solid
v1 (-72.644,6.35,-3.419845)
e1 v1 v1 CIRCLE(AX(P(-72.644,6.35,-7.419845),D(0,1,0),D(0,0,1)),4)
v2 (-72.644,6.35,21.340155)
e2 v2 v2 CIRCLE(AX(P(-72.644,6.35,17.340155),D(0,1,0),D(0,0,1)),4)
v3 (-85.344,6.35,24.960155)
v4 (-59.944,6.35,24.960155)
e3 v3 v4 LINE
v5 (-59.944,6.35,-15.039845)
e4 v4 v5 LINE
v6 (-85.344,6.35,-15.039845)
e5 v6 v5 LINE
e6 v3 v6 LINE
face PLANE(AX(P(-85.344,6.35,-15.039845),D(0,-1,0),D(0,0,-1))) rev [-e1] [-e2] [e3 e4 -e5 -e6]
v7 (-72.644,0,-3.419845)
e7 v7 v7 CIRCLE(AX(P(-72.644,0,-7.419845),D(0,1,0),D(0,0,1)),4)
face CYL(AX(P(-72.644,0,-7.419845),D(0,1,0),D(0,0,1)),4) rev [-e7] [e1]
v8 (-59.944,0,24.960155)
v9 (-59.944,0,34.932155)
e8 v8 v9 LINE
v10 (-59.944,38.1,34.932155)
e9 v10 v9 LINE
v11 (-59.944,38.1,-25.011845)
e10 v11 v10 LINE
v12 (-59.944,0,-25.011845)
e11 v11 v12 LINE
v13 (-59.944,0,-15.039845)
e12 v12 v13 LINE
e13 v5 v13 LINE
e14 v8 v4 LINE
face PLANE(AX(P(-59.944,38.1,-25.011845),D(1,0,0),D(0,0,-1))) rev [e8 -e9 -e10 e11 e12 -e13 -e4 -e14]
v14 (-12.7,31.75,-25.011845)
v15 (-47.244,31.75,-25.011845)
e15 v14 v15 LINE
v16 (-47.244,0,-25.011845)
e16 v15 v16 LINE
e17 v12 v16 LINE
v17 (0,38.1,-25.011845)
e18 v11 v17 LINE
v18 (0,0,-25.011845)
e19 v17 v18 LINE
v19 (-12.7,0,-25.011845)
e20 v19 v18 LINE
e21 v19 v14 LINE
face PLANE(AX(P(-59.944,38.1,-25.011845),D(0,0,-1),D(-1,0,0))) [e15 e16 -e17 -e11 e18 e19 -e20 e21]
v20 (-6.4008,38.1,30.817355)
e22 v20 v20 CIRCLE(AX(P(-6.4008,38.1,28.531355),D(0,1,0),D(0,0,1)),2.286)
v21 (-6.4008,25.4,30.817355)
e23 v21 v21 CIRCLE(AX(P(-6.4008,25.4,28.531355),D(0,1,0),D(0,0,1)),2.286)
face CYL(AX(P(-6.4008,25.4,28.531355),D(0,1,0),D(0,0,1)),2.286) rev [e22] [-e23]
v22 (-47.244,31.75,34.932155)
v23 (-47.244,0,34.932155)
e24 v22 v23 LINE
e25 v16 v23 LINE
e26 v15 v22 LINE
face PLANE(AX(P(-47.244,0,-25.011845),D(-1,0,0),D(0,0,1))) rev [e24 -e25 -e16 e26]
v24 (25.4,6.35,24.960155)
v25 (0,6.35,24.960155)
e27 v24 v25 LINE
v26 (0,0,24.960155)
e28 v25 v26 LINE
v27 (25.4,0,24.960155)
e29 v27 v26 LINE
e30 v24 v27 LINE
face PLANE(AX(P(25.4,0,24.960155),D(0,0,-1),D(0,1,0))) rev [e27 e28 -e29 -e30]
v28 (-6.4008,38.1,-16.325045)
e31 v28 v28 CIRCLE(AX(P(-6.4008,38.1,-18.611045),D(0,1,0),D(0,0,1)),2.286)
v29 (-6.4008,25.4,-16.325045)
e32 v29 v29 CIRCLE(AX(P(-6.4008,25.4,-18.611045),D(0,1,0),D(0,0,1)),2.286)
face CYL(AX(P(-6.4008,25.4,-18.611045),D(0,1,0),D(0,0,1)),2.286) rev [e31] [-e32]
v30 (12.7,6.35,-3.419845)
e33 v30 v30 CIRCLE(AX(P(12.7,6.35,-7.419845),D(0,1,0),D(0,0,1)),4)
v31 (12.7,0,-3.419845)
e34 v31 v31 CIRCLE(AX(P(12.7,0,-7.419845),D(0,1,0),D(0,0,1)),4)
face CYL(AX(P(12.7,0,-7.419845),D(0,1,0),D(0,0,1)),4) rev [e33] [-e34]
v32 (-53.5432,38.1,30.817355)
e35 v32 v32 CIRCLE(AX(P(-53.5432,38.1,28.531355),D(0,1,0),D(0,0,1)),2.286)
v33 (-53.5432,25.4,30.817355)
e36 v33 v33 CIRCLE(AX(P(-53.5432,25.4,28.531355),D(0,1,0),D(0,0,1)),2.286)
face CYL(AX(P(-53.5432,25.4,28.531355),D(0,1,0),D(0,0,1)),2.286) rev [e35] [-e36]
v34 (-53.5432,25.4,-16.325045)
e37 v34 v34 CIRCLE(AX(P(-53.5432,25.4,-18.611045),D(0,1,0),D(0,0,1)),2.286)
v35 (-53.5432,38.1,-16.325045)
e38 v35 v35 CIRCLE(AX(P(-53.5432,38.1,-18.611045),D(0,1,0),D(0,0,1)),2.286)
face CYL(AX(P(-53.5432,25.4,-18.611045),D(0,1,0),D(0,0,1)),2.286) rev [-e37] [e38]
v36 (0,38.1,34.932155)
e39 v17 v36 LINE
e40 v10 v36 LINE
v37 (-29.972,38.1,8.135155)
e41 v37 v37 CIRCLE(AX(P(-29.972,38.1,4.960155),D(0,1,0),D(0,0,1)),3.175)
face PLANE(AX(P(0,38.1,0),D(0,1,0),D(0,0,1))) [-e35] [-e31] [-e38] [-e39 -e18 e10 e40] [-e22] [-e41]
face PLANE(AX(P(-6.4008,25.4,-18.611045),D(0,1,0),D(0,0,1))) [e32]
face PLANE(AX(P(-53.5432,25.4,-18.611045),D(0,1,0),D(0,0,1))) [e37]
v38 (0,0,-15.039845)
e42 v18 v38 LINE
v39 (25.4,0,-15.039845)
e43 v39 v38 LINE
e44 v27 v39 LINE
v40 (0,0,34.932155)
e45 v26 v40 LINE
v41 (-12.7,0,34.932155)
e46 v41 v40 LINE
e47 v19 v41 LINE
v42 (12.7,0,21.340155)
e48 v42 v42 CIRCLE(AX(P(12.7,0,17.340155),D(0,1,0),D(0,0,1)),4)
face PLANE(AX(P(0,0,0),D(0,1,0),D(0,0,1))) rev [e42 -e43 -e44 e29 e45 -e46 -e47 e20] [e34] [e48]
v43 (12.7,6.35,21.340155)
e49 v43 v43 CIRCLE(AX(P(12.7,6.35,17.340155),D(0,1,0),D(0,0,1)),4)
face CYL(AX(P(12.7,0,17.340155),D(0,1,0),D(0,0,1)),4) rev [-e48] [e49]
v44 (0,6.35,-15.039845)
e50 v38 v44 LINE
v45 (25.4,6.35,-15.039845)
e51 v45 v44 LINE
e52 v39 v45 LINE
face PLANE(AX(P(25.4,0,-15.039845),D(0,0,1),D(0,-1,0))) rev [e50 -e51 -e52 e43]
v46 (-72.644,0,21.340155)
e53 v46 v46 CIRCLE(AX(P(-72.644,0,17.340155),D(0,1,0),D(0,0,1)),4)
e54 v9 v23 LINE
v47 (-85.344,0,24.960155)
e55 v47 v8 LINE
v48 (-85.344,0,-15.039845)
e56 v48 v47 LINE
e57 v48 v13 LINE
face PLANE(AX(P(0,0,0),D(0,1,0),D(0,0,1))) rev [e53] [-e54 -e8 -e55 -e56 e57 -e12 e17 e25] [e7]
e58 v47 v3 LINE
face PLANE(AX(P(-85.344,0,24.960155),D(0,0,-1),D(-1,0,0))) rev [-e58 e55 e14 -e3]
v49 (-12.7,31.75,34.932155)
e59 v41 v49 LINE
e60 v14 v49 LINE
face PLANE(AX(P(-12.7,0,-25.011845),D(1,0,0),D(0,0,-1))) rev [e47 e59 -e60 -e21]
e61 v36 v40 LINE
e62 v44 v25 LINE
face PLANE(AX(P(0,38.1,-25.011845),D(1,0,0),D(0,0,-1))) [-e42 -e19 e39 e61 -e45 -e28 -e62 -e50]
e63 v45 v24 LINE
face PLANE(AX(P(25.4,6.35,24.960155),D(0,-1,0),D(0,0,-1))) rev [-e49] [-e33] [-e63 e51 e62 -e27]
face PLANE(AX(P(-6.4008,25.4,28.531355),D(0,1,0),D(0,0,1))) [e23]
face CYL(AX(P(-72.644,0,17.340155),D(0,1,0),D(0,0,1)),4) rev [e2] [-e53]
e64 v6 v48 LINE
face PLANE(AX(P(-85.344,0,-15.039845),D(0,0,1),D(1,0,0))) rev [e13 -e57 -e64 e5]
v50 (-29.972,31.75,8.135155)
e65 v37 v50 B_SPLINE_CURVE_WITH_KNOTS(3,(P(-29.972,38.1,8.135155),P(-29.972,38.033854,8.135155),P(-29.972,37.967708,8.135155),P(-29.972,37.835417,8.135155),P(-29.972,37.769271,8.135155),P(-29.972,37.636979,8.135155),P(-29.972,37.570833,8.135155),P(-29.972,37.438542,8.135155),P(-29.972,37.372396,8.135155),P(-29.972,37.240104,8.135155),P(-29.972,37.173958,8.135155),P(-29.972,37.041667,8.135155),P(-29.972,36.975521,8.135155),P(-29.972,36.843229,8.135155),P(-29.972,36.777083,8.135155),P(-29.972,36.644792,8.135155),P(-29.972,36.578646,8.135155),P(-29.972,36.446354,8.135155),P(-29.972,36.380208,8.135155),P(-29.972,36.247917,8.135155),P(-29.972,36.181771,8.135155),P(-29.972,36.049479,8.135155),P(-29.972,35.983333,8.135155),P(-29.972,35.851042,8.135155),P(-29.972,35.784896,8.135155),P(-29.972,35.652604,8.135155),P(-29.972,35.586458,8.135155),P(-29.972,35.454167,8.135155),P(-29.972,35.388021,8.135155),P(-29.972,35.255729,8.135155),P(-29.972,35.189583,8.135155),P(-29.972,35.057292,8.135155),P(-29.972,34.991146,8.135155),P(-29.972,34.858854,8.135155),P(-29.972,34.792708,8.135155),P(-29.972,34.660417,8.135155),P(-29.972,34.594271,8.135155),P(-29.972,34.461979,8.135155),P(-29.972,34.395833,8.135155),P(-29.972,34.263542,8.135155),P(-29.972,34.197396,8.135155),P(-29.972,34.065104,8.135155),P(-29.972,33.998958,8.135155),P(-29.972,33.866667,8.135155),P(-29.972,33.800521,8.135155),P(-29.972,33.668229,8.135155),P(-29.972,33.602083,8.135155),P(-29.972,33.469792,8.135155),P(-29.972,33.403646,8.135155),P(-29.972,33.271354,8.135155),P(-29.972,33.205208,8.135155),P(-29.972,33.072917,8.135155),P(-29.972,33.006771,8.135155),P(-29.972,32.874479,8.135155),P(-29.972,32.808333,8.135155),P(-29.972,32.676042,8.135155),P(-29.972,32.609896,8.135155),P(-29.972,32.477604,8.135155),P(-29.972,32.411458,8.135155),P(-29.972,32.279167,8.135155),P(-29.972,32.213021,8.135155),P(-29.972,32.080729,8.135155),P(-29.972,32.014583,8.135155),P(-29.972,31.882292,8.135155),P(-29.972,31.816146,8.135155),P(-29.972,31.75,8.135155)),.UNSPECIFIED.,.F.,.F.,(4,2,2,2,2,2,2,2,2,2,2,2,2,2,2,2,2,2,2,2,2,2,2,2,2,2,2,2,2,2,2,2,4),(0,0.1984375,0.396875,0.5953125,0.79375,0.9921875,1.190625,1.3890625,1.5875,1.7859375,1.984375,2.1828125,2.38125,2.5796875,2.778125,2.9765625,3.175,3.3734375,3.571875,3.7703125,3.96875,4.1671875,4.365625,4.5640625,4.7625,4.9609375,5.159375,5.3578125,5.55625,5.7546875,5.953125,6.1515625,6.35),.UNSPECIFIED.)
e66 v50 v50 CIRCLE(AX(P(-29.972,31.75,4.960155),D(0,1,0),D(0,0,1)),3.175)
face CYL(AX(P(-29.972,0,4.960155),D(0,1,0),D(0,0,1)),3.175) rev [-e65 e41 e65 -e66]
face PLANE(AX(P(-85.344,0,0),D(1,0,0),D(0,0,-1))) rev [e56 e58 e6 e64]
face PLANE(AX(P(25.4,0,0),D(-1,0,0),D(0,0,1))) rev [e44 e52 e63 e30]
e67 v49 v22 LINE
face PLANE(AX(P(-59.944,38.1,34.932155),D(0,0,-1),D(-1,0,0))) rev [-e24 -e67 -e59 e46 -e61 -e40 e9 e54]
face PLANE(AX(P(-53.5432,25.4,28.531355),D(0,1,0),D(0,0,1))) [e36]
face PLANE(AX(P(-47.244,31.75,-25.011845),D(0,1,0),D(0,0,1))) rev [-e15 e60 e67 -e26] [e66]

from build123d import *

# Parameters (mm, degrees)
SKETCH1_W           = 59.944
SKETCH1_H           = 59.944
BOSS_EXTRUDE1_DEPTH = 38.1
SKETCH2_W           = 34.544
SKETCH2_H           = 31.75
CUT_EXTRUDE1_DEPTH  = 93.941789697
SKETCH3_R           = 3.175
CUT_EXTRUDE2_DEPTH  = 80.152691578
SKETCH4_W           = 40
SKETCH4_H           = 6.35
BOSS_EXTRUDE2_DEPTH = 25.4
SKETCH5_W           = 40
SKETCH5_H           = 6.35
BOSS_EXTRUDE3_DEPTH = 25.4
SKETCH6_R           = 4
CUT_EXTRUDE3_DEPTH  = 98.529053538
SKETCH7_R           = 2.286
CUT_EXTRUDE4_DEPTH  = 12.7


with BuildPart() as part:
    # Sketch1 → Boss-Extrude1 (new body)
    with BuildSketch(Plane(origin=(0, 0, 0), x_dir=(1, 0, 0), z_dir=(0, 1, 0))):
        with Locations((-29.972, -4.96015493)):
            Rectangle(SKETCH1_W, SKETCH1_H)
    extrude(amount=BOSS_EXTRUDE1_DEPTH)

    # Sketch2 → Cut-Extrude1 (cut, through all)
    with BuildSketch(Plane.XY.offset(34.93215493)):
        with Locations((-29.972, 15.875)):
            Rectangle(SKETCH2_W, SKETCH2_H)
    extrude(amount=-CUT_EXTRUDE1_DEPTH, mode=Mode.SUBTRACT)

    # Sketch3 → Cut-Extrude2 (cut, through all)
    with BuildSketch(Plane(origin=(0, 38.1, 0), x_dir=(1, 0, 0), z_dir=(0, 1, 0))):
        with Locations(Location((-29.972, -4.96015493, 0), (0, 0, 270))):
            Circle(SKETCH3_R)
    extrude(amount=-CUT_EXTRUDE2_DEPTH, mode=Mode.SUBTRACT)

    # Sketch4 → Boss-Extrude2 (add)
    with BuildSketch(Plane(origin=(0, 0, 0), x_dir=(0, 0, -1), z_dir=(1, 0, 0))):
        with Locations((-4.960154808, 3.175)):
            Rectangle(SKETCH4_W, SKETCH4_H)
    extrude(amount=BOSS_EXTRUDE2_DEPTH)

    # Sketch5 → Boss-Extrude3 (add)
    with BuildSketch(Plane.ZY.offset(59.944)):
        with Locations((4.960154808, 3.175)):
            Rectangle(SKETCH5_W, SKETCH5_H)
    extrude(amount=BOSS_EXTRUDE3_DEPTH)

    # Sketch6 → Cut-Extrude3 (cut, through all)
    with BuildSketch(Plane(origin=(0, 6.35, 0), x_dir=(1, 0, 0), z_dir=(0, 1, 0))):
        with Locations(Location((-72.644, 7.419845192, 0), (0, 0, 270))):
            Circle(SKETCH6_R)
        with Locations(Location((-72.644, -17.340154808, 0), (0, 0, 270))):
            Circle(SKETCH6_R)
        with Locations(Location((12.7, 7.419845192, 0), (0, 0, 270))):
            Circle(SKETCH6_R)
        with Locations(Location((12.7, -17.340154808, 0), (0, 0, 270))):
            Circle(SKETCH6_R)
    extrude(amount=-CUT_EXTRUDE3_DEPTH, mode=Mode.SUBTRACT)

    # Sketch7 → Cut-Extrude4 (cut)
    with BuildSketch(Plane(origin=(0, 38.1, 0), x_dir=(1, 0, 0), z_dir=(0, 1, 0))):
        with Locations(Location((-53.5432, 18.61104507, 0), (0, 0, 270))):
            Circle(SKETCH7_R)
        with Locations(Location((-6.4008, -28.53135493, 0), (0, 0, 270))):
            Circle(SKETCH7_R)
        with Locations(Location((-53.5432, -28.53135493, 0), (0, 0, 270))):
            Circle(SKETCH7_R)
        with Locations(Location((-6.4008, 18.61104507, 0), (0, 0, 270))):
            Circle(SKETCH7_R)
    extrude(amount=-CUT_EXTRUDE4_DEPTH, mode=Mode.SUBTRACT)


solid = part.part
